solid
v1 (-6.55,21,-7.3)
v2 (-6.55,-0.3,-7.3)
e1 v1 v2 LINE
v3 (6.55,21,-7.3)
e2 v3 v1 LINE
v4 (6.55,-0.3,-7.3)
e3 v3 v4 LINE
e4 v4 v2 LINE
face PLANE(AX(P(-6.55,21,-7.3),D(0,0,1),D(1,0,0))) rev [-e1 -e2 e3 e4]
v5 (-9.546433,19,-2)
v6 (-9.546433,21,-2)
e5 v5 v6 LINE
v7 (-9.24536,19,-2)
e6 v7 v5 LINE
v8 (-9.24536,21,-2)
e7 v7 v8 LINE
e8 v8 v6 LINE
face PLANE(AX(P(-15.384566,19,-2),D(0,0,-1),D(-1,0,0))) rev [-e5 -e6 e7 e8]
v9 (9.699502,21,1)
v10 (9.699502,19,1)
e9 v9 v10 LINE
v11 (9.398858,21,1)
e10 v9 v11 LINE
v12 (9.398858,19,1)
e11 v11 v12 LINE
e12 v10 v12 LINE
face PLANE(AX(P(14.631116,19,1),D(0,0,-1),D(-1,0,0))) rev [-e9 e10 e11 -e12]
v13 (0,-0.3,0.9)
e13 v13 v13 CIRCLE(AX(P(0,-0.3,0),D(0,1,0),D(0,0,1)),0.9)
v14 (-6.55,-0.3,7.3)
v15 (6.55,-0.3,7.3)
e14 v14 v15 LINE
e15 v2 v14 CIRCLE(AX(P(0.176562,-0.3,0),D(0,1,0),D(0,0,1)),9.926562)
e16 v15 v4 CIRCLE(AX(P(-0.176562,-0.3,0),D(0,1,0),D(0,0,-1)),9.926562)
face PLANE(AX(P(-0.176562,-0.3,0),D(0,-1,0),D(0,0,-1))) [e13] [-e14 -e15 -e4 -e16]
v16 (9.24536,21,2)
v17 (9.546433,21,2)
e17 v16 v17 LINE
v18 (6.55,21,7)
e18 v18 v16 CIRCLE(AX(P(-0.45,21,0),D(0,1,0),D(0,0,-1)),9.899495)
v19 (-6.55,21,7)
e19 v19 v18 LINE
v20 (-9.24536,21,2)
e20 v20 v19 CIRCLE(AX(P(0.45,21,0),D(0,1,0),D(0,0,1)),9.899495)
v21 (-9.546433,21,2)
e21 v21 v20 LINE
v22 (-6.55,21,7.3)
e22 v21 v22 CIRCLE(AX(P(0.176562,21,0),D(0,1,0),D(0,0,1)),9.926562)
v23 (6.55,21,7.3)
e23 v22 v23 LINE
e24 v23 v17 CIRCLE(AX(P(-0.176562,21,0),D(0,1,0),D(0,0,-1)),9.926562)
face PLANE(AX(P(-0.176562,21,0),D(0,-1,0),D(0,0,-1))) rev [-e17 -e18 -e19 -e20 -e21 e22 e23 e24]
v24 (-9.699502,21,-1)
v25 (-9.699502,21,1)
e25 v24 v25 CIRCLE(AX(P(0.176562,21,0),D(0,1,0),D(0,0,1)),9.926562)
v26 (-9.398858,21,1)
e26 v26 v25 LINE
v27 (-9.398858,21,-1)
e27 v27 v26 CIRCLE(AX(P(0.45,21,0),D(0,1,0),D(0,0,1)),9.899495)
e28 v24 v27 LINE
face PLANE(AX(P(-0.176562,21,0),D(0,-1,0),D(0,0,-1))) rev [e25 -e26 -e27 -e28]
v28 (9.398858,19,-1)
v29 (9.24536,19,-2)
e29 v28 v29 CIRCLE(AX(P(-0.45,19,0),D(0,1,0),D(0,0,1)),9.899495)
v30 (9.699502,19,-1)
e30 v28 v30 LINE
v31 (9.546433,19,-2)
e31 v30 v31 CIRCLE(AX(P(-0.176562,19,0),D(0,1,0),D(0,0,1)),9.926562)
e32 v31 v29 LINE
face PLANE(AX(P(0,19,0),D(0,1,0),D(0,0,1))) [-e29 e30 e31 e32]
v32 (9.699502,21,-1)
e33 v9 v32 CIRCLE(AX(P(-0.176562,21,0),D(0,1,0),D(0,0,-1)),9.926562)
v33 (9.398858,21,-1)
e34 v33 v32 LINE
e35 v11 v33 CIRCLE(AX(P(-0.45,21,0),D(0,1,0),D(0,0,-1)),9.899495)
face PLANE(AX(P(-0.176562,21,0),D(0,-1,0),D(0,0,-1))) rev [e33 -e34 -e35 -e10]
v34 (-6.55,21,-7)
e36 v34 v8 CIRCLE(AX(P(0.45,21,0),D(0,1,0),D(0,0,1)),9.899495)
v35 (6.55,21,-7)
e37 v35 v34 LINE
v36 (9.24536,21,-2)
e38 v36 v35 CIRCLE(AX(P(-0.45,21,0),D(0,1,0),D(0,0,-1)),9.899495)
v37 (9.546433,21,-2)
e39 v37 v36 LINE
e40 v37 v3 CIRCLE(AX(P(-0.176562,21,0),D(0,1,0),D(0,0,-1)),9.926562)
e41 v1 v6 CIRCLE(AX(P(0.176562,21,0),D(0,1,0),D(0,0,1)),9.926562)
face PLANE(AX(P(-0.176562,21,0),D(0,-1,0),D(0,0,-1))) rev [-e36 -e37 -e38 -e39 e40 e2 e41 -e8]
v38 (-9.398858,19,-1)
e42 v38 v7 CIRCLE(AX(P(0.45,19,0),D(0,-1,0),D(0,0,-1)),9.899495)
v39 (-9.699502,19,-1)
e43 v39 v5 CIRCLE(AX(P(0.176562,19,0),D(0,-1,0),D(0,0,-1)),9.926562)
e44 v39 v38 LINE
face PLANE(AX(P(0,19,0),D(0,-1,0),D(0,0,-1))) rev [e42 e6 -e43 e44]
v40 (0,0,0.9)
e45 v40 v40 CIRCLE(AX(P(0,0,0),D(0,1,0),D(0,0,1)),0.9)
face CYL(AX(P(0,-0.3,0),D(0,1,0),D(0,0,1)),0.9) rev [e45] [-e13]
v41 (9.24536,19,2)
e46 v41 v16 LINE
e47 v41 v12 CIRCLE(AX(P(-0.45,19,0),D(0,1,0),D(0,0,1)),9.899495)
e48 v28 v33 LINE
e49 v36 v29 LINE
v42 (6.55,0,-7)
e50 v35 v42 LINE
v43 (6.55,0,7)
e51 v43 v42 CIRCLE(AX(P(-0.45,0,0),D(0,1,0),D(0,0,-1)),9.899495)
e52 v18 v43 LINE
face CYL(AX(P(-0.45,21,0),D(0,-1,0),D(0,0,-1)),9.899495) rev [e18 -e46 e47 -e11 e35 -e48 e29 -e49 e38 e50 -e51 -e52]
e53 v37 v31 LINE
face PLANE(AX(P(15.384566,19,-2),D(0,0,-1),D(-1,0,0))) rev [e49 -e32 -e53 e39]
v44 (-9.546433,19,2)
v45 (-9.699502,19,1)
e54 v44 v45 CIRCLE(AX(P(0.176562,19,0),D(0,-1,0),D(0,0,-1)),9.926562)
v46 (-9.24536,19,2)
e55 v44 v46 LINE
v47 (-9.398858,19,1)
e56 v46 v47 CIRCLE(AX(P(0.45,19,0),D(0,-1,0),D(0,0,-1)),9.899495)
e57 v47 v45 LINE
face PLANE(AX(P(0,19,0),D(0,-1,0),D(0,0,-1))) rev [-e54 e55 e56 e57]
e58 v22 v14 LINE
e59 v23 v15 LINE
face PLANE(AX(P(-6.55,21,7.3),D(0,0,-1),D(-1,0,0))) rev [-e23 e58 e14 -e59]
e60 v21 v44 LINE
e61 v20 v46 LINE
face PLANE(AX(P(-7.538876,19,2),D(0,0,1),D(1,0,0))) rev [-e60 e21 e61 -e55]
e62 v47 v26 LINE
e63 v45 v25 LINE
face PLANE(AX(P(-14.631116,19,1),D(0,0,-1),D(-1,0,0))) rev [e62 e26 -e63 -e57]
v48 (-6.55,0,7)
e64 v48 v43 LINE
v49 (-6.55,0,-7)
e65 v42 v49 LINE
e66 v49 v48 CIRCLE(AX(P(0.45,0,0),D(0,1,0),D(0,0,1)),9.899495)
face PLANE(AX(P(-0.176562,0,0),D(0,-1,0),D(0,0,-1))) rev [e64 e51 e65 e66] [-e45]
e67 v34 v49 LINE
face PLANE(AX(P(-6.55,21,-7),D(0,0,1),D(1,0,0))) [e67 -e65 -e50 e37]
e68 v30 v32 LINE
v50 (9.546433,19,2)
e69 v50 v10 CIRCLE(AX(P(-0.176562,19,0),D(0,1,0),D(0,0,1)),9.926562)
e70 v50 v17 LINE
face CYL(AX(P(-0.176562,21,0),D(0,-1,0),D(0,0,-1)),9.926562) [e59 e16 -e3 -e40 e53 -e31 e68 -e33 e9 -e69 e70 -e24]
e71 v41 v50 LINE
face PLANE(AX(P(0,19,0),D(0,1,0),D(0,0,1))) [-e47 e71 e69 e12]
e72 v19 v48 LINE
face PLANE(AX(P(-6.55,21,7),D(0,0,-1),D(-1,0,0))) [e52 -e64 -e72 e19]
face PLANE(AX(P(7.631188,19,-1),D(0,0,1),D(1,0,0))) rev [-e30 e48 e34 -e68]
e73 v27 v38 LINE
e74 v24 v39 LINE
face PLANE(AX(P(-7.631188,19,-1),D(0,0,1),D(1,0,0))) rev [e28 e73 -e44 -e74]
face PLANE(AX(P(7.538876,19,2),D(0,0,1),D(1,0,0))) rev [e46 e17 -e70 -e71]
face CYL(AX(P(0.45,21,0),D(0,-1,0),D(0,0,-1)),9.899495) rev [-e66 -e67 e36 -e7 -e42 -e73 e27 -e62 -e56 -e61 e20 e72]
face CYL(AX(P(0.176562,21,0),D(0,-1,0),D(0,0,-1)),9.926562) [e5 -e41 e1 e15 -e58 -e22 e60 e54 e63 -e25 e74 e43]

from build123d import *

# Parameters (mm, degrees)
BOSS_EXTRUDE1_DEPTH = 21
BOSS_EXTRUDE2_START = -0.3
SKETCH3_R           = 0.9
BOSS_EXTRUDE2_DEPTH = 0.3
CUT_EXTRUDE1_DEPTH  = 2


with BuildPart() as part:
    # Sketch2 → Boss-Extrude1 (new body)
    with BuildSketch(Plane(origin=(0, 0, 0), x_dir=(1, 0, 0), z_dir=(0, 1, 0))):
        with BuildLine():
            Line((-6.55, 7.3), (6.55, 7.3))
            ThreePointArc((6.55, 7.3), (9.75, 0), (6.55, -7.3))
            Line((6.55, -7.3), (-6.55, -7.3))
            ThreePointArc((-6.55, -7.3), (-9.75, 0), (-6.55, 7.3))
        make_face()
        with BuildLine():
            Line((-6.55, 7), (6.55, 7))
            ThreePointArc((6.55, 7), (9.449494937, 0), (6.55, -7))
            Line((6.55, -7), (-6.55, -7))
            ThreePointArc((-6.55, -7), (-9.449494937, 0), (-6.55, 7))
        make_face(mode=Mode.SUBTRACT)
    extrude(amount=BOSS_EXTRUDE1_DEPTH)

    # Sketch3 → Boss-Extrude2 (add)
    with BuildSketch(Plane(origin=(0, 0, 0), x_dir=(1, 0, 0), z_dir=(0, 1, 0)).offset(BOSS_EXTRUDE2_START)):
        with BuildLine():
            Line((-6.55, 7.3), (6.55, 7.3))
            ThreePointArc((6.55, 7.3), (9.75, 0), (6.55, -7.3))
            Line((6.55, -7.3), (-6.55, -7.3))
            ThreePointArc((-6.55, -7.3), (-9.75, 0), (-6.55, 7.3))
        make_face()
        with Locations(Location((0, 0, 0), (0, 0, 270))):
            Circle(SKETCH3_R, mode=Mode.SUBTRACT)
    extrude(amount=BOSS_EXTRUDE2_DEPTH)

    # Sketch4 → Cut-Extrude1 (cut)
    with BuildSketch(Plane(origin=(0, 21, 0), x_dir=(1, 0, 0), z_dir=(0, 1, 0))):
        Polygon((-7.631188375, 1), (-14.631115783, 1), (-14.631115783, -1), (-7.538875612, -1), (-7.538875612, -2), (-15.384565747, -2), (-15.384565747, 2), (-7.631188375, 2), align=None)
        Polygon((7.631188375, 2), (7.631188375, 1), (14.631115783, 1), (14.631115783, -1), (7.538875612, -1), (7.538875612, -2), (15.384565747, -2), (15.384565747, 2), align=None)
    extrude(amount=-CUT_EXTRUDE1_DEPTH, mode=Mode.SUBTRACT)


solid = part.part
